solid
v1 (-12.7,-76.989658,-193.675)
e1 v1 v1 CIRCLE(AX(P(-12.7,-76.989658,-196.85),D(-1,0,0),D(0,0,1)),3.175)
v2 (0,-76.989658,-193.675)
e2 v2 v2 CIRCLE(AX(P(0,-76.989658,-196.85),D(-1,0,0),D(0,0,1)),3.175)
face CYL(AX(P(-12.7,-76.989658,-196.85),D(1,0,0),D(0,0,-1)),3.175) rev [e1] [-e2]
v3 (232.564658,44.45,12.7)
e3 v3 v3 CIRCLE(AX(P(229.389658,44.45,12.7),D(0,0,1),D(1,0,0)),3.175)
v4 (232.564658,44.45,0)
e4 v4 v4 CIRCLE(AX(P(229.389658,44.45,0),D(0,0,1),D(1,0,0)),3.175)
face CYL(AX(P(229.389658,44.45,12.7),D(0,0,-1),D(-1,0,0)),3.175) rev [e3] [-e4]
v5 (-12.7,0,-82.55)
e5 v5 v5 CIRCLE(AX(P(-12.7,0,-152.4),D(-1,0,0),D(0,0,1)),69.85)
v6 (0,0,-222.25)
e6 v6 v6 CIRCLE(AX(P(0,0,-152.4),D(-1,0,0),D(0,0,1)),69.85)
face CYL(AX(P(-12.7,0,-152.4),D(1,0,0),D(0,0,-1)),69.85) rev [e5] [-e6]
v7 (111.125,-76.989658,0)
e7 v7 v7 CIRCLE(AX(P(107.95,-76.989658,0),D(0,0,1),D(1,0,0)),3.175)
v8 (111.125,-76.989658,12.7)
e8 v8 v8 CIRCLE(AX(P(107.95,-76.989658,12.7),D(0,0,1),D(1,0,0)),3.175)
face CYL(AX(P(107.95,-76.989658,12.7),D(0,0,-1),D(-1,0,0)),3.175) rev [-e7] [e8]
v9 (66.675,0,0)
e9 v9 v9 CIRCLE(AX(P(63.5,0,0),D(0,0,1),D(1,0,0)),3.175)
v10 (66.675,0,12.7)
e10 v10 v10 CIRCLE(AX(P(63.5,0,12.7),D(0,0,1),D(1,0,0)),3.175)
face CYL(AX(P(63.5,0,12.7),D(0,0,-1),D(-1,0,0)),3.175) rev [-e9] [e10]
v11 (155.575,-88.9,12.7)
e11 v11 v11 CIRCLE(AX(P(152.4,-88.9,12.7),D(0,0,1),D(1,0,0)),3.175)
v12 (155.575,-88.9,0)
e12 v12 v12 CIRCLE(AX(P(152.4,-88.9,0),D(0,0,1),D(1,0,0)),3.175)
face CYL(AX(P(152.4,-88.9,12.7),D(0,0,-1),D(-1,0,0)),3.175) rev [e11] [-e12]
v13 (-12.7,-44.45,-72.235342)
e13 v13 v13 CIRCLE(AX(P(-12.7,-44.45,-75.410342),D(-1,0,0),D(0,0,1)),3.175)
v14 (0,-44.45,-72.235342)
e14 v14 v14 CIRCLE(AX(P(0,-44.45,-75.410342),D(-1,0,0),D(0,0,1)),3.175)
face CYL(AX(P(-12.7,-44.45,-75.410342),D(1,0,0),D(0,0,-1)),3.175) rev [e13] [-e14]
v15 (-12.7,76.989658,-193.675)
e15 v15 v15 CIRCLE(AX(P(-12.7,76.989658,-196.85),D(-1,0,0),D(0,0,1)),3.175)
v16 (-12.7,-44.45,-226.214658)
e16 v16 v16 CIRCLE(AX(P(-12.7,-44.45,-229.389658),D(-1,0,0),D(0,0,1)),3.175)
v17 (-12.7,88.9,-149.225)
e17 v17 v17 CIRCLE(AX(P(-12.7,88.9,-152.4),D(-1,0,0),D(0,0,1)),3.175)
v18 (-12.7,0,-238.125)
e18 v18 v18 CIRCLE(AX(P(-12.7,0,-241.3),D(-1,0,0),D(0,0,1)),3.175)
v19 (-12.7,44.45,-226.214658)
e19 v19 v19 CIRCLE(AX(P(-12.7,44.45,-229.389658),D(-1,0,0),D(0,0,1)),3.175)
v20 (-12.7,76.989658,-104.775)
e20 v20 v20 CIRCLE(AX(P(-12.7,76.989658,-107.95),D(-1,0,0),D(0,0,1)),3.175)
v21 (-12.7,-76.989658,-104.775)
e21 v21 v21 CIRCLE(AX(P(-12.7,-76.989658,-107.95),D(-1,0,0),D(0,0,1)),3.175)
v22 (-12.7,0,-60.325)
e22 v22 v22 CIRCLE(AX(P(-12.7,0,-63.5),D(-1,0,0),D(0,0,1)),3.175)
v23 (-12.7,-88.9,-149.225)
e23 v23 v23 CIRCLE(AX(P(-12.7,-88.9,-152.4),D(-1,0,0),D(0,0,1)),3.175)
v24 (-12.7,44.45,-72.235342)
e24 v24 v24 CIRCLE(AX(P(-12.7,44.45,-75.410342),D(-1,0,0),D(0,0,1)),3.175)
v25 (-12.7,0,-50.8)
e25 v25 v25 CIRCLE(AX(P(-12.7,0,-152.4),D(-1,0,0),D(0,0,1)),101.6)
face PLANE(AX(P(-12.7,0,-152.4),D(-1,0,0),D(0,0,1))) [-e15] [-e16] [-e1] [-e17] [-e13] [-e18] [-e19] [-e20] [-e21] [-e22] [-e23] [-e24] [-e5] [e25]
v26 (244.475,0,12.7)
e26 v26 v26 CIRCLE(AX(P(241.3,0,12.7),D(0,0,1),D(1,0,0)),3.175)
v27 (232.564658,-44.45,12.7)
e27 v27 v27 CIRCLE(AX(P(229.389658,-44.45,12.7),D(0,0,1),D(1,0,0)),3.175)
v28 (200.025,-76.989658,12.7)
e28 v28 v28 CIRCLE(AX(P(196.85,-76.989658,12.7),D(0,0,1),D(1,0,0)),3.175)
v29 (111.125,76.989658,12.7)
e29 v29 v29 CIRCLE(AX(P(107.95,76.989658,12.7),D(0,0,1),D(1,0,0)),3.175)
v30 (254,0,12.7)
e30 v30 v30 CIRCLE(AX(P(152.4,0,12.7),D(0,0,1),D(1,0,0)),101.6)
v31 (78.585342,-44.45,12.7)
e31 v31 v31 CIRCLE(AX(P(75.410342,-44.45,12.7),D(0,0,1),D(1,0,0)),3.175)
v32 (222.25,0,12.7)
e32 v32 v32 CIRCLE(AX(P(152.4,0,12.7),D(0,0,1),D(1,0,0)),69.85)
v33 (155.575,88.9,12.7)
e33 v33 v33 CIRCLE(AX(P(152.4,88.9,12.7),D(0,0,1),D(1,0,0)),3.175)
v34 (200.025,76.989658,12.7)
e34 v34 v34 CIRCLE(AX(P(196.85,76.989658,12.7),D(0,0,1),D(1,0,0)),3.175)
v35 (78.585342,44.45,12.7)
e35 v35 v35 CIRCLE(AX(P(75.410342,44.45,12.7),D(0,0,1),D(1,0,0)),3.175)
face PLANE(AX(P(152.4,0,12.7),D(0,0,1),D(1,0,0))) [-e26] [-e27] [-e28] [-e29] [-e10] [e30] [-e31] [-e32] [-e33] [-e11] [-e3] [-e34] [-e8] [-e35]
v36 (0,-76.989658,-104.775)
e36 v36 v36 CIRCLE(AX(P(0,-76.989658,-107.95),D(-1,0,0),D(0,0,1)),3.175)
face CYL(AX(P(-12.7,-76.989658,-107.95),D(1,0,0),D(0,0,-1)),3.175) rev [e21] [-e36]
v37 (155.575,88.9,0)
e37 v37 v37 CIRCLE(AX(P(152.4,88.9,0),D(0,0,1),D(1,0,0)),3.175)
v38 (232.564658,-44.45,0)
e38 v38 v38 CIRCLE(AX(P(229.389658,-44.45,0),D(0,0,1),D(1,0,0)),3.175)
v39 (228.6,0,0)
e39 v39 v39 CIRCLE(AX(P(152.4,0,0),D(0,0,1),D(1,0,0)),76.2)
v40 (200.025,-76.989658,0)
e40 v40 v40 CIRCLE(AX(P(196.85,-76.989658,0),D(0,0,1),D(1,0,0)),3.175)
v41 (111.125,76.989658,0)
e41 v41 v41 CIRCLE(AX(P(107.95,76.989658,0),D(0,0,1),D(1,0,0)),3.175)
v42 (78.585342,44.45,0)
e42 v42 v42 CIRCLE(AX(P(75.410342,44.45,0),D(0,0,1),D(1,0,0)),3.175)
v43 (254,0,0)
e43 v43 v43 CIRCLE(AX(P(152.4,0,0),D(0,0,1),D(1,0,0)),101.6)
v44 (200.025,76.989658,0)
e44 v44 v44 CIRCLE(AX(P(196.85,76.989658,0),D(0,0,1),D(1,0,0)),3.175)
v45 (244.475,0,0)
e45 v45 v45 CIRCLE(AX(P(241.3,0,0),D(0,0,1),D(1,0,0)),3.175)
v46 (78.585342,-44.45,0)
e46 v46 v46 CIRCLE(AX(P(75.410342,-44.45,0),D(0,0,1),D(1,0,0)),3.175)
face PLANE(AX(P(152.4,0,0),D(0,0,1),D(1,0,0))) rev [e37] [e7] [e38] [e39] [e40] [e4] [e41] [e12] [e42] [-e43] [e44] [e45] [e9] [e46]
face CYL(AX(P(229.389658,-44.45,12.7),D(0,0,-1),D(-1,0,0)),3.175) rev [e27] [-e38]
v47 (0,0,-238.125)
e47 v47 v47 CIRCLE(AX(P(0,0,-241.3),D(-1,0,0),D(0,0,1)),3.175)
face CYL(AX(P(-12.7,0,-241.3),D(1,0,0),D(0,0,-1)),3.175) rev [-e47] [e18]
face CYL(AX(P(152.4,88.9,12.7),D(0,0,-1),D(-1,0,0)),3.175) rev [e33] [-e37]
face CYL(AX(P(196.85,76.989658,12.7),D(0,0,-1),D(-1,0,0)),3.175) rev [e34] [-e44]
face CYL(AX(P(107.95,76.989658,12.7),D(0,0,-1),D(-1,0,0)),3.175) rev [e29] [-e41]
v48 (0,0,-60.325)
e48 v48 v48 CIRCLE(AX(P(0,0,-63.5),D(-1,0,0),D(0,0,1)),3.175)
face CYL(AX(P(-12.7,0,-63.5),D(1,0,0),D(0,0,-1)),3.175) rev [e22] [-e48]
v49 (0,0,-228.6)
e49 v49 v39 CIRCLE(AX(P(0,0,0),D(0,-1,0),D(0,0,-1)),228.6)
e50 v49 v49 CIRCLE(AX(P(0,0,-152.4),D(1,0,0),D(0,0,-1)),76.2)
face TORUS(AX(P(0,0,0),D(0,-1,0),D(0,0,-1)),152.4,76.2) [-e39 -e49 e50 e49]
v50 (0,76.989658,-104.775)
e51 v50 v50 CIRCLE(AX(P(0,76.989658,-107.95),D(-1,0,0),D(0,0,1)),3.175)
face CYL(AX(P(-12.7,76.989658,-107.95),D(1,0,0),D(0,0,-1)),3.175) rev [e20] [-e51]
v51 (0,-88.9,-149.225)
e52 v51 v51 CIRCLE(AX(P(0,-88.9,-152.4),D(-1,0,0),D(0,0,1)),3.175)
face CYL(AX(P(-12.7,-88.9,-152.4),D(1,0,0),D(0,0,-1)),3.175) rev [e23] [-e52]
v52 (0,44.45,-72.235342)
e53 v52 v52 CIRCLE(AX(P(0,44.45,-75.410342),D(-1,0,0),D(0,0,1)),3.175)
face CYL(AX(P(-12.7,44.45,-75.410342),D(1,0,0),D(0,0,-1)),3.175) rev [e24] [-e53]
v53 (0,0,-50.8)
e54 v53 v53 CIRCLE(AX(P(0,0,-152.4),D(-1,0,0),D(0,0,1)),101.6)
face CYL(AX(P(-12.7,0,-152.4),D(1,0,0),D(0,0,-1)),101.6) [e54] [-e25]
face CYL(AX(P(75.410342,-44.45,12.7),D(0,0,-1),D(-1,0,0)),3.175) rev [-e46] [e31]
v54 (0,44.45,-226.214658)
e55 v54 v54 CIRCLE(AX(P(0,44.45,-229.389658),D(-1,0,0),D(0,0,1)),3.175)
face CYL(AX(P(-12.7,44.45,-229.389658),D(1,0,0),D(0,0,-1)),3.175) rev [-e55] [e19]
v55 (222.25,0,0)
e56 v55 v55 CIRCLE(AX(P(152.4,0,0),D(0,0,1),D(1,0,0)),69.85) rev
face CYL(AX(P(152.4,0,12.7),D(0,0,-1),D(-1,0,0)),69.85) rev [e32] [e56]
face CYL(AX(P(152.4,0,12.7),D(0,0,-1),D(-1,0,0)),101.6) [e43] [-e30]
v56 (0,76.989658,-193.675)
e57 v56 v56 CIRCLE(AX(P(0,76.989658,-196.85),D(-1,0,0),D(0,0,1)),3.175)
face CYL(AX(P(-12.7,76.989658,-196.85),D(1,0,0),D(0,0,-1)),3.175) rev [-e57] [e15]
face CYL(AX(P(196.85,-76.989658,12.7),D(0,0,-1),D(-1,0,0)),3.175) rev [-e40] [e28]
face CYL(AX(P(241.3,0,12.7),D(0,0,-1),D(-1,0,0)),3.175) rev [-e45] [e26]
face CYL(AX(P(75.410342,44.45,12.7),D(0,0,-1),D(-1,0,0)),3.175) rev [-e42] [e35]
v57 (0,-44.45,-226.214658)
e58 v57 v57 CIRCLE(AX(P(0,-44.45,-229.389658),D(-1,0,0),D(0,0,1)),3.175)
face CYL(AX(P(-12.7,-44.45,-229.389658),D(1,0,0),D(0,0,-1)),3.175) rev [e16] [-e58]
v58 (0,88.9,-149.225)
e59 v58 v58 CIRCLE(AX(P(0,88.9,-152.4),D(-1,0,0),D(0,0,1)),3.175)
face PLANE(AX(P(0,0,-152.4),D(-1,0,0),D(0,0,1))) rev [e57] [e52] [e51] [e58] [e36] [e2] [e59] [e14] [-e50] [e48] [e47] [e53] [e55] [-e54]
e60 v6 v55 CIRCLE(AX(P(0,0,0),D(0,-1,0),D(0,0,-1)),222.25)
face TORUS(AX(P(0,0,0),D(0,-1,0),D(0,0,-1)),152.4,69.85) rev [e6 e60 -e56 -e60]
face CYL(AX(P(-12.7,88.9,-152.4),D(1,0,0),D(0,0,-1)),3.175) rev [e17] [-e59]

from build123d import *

# Parameters (mm, degrees)
SKETCH2_R           = 76.2
SKETCH2_R_2         = 69.85
SKETCH3_R           = 101.6
SKETCH3_R_2         = 69.85
SKETCH3_R_3         = 3.175
BOSS_EXTRUDE1_DEPTH = 12.7
SKETCH5_R           = 101.6
SKETCH5_R_2         = 69.85
SKETCH5_R_3         = 3.175
BOSS_EXTRUDE2_DEPTH = 12.7


with BuildPart() as part:
    # Sweep1: sweep along a path in Sketch1
    with BuildLine(Plane(origin=(0, 0, 0), x_dir=(1, 0, 0), z_dir=(0, 1, 0))) as sweep1_path:
        ThreePointArc((0, 152.4), (107.763073453, 107.763073453), (152.4, 0))
    # Sketch2 → Sweep1 (sweep)
    with BuildSketch(Plane(origin=(0, 0, 0), x_dir=(0, 0, -1), z_dir=(1, 0, 0))):
        with Locations((152.4, 0)):
            Circle(SKETCH2_R)
        with Locations((152.4, 0)):
            Circle(SKETCH2_R_2, mode=Mode.SUBTRACT)
    sweep(path=sweep1_path.line)

    # Sketch3 → Boss-Extrude1 (add)
    with BuildSketch(Plane.ZY):
        with Locations((-152.4, 0)):
            Circle(SKETCH3_R)
        with Locations((-152.4, 0)):
            Circle(SKETCH3_R_2, mode=Mode.SUBTRACT)
        with Locations((-241.3, 0)):
            Circle(SKETCH3_R_3, mode=Mode.SUBTRACT)
        with Locations((-229.389658396, -44.45)):
            Circle(SKETCH3_R_3, mode=Mode.SUBTRACT)
        with Locations((-196.85, -76.989658396)):
            Circle(SKETCH3_R_3, mode=Mode.SUBTRACT)
        with Locations((-152.4, -88.9)):
            Circle(SKETCH3_R_3, mode=Mode.SUBTRACT)
        with Locations((-107.95, -76.989658396)):
            Circle(SKETCH3_R_3, mode=Mode.SUBTRACT)
        with Locations((-75.410341604, -44.45)):
            Circle(SKETCH3_R_3, mode=Mode.SUBTRACT)
        with Locations((-63.5, 0)):
            Circle(SKETCH3_R_3, mode=Mode.SUBTRACT)
        with Locations((-75.410341604, 44.45)):
            Circle(SKETCH3_R_3, mode=Mode.SUBTRACT)
        with Locations((-107.95, 76.989658396)):
            Circle(SKETCH3_R_3, mode=Mode.SUBTRACT)
        with Locations((-152.4, 88.9)):
            Circle(SKETCH3_R_3, mode=Mode.SUBTRACT)
        with Locations((-196.85, 76.989658396)):
            Circle(SKETCH3_R_3, mode=Mode.SUBTRACT)
        with Locations((-229.389658396, 44.45)):
            Circle(SKETCH3_R_3, mode=Mode.SUBTRACT)
    extrude(amount=BOSS_EXTRUDE1_DEPTH)

    # Sketch5 → Boss-Extrude2 (add)
    with BuildSketch(Plane.XY):
        with Locations((152.4, 0)):
            Circle(SKETCH5_R)
        with Locations((152.4, 0)):
            Circle(SKETCH5_R_2, mode=Mode.SUBTRACT)
        with Locations((152.4, 88.9)):
            Circle(SKETCH5_R_3, mode=Mode.SUBTRACT)
        with Locations((196.85, 76.989658396)):
            Circle(SKETCH5_R_3, mode=Mode.SUBTRACT)
        with Locations((229.389658396, 44.45)):
            Circle(SKETCH5_R_3, mode=Mode.SUBTRACT)
        with Locations((241.3, 0)):
            Circle(SKETCH5_R_3, mode=Mode.SUBTRACT)
        with Locations((229.389658396, -44.45)):
            Circle(SKETCH5_R_3, mode=Mode.SUBTRACT)
        with Locations((196.85, -76.989658396)):
            Circle(SKETCH5_R_3, mode=Mode.SUBTRACT)
        with Locations((152.4, -88.9)):
            Circle(SKETCH5_R_3, mode=Mode.SUBTRACT)
        with Locations((107.95, -76.989658396)):
            Circle(SKETCH5_R_3, mode=Mode.SUBTRACT)
        with Locations((75.410341604, -44.45)):
            Circle(SKETCH5_R_3, mode=Mode.SUBTRACT)
        with Locations((63.5, 0)):
            Circle(SKETCH5_R_3, mode=Mode.SUBTRACT)
        with Locations((75.410341604, 44.45)):
            Circle(SKETCH5_R_3, mode=Mode.SUBTRACT)
        with Locations((107.95, 76.989658396)):
            Circle(SKETCH5_R_3, mode=Mode.SUBTRACT)
    extrude(amount=BOSS_EXTRUDE2_DEPTH)


solid = part.part
